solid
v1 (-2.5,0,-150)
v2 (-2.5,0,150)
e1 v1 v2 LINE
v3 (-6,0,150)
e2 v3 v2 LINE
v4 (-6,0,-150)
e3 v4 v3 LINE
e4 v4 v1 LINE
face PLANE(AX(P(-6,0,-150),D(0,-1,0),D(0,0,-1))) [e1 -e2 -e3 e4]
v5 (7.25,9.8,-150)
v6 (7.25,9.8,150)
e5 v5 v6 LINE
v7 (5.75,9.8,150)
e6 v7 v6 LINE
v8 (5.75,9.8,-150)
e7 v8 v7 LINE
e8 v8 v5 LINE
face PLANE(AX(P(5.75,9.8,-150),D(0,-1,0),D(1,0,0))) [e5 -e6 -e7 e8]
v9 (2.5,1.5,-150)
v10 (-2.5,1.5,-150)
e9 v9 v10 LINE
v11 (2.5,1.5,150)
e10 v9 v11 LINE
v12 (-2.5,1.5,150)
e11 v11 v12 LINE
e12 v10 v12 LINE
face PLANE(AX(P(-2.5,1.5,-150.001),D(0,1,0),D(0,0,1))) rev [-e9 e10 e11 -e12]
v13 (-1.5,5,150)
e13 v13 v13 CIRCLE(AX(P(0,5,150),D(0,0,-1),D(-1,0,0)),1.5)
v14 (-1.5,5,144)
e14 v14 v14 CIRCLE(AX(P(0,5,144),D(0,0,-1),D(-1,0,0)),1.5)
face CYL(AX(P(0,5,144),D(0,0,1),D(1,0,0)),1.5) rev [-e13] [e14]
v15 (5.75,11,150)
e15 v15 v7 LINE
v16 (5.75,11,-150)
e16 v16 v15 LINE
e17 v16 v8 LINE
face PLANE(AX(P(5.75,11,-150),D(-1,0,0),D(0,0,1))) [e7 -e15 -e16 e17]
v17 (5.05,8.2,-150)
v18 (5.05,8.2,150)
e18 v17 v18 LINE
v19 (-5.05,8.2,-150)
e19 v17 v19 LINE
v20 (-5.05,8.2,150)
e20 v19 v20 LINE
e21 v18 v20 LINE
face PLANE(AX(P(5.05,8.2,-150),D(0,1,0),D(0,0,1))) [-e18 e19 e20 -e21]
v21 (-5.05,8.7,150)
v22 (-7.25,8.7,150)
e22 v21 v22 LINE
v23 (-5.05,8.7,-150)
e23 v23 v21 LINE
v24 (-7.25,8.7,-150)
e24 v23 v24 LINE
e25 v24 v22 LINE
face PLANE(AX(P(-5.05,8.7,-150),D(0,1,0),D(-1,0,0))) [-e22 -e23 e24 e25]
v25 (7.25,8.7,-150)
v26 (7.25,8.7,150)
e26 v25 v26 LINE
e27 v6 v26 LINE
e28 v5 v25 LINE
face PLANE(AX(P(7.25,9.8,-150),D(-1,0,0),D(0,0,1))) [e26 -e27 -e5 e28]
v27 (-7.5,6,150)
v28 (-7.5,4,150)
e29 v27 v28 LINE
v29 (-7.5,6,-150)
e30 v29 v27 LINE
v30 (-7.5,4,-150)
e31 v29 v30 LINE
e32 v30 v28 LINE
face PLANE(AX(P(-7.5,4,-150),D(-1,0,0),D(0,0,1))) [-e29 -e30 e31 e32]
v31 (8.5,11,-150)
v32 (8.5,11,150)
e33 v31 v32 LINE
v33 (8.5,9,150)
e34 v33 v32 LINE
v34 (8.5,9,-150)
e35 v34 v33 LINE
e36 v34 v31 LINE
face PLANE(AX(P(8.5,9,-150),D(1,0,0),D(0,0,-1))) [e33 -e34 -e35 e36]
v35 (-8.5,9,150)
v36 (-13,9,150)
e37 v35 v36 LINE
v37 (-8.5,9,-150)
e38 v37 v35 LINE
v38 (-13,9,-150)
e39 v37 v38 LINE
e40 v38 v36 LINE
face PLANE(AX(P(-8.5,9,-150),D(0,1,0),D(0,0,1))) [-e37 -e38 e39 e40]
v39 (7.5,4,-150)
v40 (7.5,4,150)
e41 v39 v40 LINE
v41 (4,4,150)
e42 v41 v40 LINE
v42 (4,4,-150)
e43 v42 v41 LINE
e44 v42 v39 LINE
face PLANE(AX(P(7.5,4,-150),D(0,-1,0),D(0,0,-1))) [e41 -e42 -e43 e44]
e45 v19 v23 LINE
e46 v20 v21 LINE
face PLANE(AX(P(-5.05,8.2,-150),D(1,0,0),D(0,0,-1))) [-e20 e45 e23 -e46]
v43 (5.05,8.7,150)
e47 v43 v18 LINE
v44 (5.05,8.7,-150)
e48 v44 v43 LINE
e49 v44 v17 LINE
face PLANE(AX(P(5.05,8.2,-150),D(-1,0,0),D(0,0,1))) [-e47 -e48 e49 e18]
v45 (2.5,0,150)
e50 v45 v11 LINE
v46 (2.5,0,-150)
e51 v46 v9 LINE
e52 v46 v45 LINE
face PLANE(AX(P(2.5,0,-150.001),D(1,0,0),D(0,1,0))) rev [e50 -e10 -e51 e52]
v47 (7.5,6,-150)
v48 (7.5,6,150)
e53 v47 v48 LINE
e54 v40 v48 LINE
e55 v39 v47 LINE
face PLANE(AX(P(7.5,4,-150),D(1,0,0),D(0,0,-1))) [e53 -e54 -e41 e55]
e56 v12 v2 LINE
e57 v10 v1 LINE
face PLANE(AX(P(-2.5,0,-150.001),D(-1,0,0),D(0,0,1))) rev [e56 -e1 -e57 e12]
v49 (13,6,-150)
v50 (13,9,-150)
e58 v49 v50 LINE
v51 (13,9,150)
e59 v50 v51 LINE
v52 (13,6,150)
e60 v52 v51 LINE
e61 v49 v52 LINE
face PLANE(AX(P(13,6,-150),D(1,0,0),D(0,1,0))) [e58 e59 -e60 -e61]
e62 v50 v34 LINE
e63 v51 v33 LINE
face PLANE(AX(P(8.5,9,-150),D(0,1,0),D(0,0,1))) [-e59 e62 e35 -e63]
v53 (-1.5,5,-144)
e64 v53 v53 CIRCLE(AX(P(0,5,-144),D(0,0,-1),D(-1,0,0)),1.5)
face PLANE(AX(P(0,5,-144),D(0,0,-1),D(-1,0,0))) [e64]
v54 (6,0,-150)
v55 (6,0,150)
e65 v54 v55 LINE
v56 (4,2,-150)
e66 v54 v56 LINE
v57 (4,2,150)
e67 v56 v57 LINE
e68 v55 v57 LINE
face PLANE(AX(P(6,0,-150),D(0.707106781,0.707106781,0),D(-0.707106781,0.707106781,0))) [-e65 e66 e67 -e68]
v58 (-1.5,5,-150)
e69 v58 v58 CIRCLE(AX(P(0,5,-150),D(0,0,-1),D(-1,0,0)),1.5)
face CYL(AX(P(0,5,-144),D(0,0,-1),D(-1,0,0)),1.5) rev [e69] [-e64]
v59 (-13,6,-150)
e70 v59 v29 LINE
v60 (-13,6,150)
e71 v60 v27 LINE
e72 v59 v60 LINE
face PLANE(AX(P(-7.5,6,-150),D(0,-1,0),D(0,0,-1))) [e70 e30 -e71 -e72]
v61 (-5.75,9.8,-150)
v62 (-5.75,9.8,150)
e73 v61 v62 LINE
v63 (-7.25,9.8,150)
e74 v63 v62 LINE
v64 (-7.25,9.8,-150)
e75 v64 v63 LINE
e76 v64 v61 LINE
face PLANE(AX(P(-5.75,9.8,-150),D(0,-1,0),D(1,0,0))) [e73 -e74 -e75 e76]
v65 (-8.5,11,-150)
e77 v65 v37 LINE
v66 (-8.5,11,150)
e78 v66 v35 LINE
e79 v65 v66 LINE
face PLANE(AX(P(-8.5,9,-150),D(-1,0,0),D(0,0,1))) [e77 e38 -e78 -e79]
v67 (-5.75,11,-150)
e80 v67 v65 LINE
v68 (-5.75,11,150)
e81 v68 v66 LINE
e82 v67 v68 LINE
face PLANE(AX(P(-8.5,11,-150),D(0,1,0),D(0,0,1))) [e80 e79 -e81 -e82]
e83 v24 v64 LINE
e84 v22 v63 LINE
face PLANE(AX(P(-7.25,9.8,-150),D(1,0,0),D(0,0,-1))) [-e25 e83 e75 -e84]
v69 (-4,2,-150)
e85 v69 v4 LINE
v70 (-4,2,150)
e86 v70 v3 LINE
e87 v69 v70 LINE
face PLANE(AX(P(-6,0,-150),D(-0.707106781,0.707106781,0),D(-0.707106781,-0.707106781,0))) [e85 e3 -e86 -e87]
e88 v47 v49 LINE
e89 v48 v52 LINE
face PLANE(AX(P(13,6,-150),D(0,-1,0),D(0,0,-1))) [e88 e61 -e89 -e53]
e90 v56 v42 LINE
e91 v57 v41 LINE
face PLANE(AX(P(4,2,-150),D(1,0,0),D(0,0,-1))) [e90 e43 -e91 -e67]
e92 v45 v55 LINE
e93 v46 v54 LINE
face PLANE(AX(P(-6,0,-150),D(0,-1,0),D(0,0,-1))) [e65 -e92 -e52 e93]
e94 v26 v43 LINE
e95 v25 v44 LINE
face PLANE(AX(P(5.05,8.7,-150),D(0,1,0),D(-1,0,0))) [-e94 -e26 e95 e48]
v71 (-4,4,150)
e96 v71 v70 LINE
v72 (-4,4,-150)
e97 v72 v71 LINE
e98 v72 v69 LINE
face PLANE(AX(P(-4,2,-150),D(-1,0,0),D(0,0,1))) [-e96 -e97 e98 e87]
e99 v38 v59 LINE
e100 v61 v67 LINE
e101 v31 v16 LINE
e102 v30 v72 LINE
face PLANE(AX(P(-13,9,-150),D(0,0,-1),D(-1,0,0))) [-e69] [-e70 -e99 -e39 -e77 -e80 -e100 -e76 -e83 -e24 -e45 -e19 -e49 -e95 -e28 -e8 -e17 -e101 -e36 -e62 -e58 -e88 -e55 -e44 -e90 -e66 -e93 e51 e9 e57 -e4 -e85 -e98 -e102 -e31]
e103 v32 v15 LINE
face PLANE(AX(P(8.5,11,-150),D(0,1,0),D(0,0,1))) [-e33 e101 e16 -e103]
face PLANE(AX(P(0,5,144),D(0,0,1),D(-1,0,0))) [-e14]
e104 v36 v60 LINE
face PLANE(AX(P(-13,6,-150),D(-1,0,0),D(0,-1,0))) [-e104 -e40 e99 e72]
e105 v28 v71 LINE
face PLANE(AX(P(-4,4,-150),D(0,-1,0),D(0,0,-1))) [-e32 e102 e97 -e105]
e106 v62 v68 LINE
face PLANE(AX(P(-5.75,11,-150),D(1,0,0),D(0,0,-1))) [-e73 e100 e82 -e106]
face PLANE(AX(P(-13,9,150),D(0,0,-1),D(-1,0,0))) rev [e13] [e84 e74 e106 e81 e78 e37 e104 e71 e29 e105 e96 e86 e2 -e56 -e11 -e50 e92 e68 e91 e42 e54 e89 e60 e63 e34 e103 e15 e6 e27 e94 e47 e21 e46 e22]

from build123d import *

# Parameters (mm, degrees)
EXTRUDE_1_DEPTH     = 150
SKETCH_2_R          = 1.5
CUT_EXTRUDE_1_DEPTH = 6
CUT_EXTRUDE_3_REACH = 302
SKETCH_4_W          = 5
SKETCH_4_H          = 1.5


with BuildPart() as part:
    # 草图1 → 凸台-拉伸1 (new body, symmetric)
    with BuildSketch(Plane.XY):
        Polygon((13, 6), (7.5, 6), (7.5, 4), (4, 4), (4, 2), (6, 0), (-6, 0), (-4, 2), (-4, 4), (-7.5, 4), (-7.5, 6), (-13, 6), (-13, 9), (-8.5, 9), (-8.5, 11), (-5.75, 11), (-5.75, 9.8), (-7.25, 9.8), (-7.25, 8.7), (-5.05, 8.7), (-5.05, 8.2), (5.05, 8.2), (5.05, 8.7), (7.25, 8.7), (7.25, 9.8), (5.75, 9.8), (5.75, 11), (8.5, 11), (8.5, 9), (13, 9), align=None)
    extrude(amount=EXTRUDE_1_DEPTH, both=True)

    # 草图2 → 切除-拉伸1 (cut)
    with BuildSketch(Plane(origin=(0, 0, -150), x_dir=(-1, 0, 0), z_dir=(0, 0, -1))):
        with Locations((0, 5)):
            Circle(SKETCH_2_R)
    cut_extrude_1 = extrude(amount=-CUT_EXTRUDE_1_DEPTH, mode=Mode.SUBTRACT)

    # 草图4 → 切除-拉伸3 (cut, up to next)
    with BuildSketch(Plane.XY.offset(150), mode=Mode.PRIVATE) as cut_extrude_3_sk1:
        with Locations((0, 0.75)):
            Rectangle(SKETCH_4_W, SKETCH_4_H)
    cut_extrude_3_tool1 = extrude(cut_extrude_3_sk1.sketch, amount=-CUT_EXTRUDE_3_REACH, mode=Mode.PRIVATE) & part.part
    add(cut_extrude_3_tool1.solids().sort_by_distance((0, 0.75, 150))[0], mode=Mode.SUBTRACT)

    # 镜向1: 切除-拉伸1 across plane
    add(cut_extrude_1.mirror(Plane.XY), mode=Mode.SUBTRACT)


solid = part.part
